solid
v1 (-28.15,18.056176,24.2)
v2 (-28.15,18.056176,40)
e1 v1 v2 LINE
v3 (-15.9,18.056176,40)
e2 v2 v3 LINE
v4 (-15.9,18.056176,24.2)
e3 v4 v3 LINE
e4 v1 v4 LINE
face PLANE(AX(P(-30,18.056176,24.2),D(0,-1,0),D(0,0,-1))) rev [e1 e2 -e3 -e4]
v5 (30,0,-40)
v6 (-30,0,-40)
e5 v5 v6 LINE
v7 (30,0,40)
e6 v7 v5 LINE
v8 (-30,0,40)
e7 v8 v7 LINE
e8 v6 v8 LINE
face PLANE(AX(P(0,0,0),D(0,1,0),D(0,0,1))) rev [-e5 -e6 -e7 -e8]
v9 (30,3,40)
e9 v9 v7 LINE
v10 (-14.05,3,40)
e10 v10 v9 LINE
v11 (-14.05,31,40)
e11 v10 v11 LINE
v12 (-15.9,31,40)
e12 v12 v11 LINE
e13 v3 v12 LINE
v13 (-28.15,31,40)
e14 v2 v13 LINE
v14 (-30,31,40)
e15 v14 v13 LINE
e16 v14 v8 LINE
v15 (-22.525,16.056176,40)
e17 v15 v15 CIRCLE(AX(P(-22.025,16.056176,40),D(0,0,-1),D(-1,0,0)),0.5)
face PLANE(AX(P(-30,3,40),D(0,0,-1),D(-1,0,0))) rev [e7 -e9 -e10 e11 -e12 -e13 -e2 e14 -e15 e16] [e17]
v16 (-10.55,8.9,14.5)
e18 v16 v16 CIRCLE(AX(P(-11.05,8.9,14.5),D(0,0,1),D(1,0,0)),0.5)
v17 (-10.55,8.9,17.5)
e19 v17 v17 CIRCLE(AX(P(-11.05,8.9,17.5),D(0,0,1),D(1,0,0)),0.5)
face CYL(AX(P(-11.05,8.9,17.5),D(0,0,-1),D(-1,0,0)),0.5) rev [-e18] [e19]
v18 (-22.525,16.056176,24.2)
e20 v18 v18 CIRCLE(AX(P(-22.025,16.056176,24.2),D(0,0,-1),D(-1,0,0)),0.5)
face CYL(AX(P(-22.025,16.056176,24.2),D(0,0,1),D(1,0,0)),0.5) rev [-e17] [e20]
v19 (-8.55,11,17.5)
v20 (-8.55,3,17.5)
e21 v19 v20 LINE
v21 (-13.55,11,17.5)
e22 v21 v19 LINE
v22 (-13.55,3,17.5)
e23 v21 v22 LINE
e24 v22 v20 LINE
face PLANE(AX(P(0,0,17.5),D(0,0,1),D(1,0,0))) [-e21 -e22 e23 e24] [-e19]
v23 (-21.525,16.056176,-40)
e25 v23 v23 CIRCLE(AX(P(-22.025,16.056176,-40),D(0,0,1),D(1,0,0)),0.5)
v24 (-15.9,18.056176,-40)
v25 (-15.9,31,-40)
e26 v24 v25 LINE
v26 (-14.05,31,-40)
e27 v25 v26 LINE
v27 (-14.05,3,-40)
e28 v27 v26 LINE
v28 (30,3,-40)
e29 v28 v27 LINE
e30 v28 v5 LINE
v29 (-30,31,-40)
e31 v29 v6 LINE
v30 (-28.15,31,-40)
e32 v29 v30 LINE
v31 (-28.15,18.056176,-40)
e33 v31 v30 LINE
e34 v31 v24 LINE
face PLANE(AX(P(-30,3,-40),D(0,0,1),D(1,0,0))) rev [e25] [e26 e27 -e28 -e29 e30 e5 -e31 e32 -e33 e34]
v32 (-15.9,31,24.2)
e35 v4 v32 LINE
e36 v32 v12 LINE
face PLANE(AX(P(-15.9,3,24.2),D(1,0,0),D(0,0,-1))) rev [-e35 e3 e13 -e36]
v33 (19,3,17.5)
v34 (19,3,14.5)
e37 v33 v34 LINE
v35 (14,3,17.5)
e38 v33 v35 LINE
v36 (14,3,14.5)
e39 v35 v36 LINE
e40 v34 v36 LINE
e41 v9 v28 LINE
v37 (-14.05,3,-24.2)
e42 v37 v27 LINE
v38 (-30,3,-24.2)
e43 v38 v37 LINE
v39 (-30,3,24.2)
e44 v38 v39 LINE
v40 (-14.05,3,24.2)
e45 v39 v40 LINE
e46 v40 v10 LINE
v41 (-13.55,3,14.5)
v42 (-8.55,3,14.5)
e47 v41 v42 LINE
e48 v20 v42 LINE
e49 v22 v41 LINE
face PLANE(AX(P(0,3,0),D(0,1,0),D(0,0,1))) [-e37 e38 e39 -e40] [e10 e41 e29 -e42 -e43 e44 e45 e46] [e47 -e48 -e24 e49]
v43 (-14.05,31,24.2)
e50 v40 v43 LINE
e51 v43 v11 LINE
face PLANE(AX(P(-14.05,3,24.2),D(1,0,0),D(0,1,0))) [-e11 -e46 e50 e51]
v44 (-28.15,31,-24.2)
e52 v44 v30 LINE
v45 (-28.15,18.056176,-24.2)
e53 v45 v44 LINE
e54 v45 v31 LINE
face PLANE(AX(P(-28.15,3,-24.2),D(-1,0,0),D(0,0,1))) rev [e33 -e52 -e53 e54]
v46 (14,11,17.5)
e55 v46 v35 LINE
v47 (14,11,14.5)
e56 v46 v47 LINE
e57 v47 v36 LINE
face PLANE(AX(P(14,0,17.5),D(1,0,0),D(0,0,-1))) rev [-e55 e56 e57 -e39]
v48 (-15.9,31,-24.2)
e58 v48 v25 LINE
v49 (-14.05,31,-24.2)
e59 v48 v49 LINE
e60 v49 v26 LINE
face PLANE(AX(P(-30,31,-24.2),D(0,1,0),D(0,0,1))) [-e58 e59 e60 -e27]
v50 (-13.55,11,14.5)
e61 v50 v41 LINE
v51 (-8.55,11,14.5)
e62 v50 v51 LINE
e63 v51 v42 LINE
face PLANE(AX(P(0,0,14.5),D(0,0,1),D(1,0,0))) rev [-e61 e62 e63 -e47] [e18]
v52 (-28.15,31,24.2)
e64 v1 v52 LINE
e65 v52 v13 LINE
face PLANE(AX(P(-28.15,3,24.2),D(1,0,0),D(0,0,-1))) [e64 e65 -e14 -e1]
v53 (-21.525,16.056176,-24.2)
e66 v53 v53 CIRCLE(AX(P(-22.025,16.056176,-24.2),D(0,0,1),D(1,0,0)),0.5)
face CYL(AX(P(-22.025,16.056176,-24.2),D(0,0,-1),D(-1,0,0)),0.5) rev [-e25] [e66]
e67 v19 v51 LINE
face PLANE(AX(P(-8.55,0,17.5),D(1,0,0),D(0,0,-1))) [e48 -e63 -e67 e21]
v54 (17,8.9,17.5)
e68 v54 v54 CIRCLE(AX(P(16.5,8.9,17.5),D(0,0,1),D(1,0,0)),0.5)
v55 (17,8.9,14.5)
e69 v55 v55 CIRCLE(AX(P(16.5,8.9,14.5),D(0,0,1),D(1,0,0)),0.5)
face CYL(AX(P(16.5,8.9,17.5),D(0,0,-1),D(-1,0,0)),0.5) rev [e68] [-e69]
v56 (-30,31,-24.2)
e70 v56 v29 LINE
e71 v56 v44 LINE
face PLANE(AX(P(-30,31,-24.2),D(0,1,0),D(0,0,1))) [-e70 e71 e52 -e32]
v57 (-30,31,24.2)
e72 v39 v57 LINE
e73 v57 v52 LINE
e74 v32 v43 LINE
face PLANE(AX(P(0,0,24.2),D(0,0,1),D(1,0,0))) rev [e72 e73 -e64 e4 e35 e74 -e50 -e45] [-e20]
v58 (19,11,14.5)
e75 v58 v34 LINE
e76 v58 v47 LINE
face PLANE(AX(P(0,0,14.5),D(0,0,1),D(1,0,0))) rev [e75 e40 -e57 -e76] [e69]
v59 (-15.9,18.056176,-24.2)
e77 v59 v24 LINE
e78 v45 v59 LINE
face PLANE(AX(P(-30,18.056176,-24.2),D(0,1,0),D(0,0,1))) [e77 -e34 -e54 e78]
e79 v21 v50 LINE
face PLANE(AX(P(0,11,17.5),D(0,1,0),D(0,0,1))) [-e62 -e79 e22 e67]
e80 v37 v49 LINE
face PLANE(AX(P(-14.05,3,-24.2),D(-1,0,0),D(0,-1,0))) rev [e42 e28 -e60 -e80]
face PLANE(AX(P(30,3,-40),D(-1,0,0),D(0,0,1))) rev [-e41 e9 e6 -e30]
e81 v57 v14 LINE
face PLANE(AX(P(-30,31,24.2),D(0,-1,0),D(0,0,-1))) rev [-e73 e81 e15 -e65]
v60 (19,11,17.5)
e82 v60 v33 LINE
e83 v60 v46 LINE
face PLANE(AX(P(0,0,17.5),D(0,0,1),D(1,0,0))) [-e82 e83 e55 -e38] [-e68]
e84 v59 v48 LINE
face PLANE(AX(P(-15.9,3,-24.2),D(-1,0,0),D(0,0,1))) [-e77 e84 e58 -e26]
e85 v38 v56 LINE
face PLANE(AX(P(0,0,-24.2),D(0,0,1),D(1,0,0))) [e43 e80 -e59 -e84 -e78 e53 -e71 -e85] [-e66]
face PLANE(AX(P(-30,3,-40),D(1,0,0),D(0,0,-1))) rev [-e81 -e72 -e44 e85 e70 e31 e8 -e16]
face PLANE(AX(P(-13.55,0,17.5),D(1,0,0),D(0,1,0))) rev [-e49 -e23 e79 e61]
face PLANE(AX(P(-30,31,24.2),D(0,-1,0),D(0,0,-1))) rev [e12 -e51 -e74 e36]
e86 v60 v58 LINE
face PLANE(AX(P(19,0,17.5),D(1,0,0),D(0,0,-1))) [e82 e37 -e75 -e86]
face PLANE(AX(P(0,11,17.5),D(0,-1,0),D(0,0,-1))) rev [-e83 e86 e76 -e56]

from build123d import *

# Parameters (mm, degrees)
SKETCH1_W           = 60
SKETCH1_H           = 80
BOSS_EXTRUDE1_DEPTH = 3
BOSS_EXTRUDE2_START = 40
SKETCH3_W           = 12.25
SKETCH3_H           = 15.056176196
SKETCH3_R           = 0.5
SKETCH3_W_2         = 1.85
SKETCH3_H_2         = 28
BOSS_EXTRUDE2_DEPTH = 15.8
BOSS_EXTRUDE3_START = -40
SKETCH3_3_W         = 12.25
SKETCH3_3_H         = 15.056176196
SKETCH3_3_R         = 0.5
SKETCH3_3_W_2       = 1.85
SKETCH3_3_H_2       = 28
BOSS_EXTRUDE3_DEPTH = 15.8
BOSS_EXTRUDE4_START = 14.5
SKETCH4_W           = 5
SKETCH4_H           = 8
SKETCH4_R           = 0.5
BOSS_EXTRUDE4_DEPTH = 3


with BuildPart() as part:
    # Sketch1 → Boss-Extrude1 (new body)
    with BuildSketch(Plane(origin=(0, 0, 0), x_dir=(1, 0, 0), z_dir=(0, 1, 0))):
        Rectangle(SKETCH1_W, SKETCH1_H)
    extrude(amount=BOSS_EXTRUDE1_DEPTH)

    # Sketch3 → Boss-Extrude2 (add)
    with BuildSketch(Plane.XY.offset(BOSS_EXTRUDE2_START)):
        Polygon((-15.9, 18.056176196), (-15.9, 3), (-14.05, 3), (-14.05, 31), (-15.9, 31), align=None)
        with Locations((-22.025, 10.528088098)):
            Rectangle(SKETCH3_W, SKETCH3_H)
        with Locations((-22.025, 16.056176196)):
            Circle(SKETCH3_R, mode=Mode.SUBTRACT)
        with Locations((-29.075, 17)):
            Rectangle(SKETCH3_W_2, SKETCH3_H_2)
    extrude(amount=-BOSS_EXTRUDE2_DEPTH)

    # Sketch3<3> → Boss-Extrude3 (add)
    with BuildSketch(Plane.XY.offset(BOSS_EXTRUDE3_START)):
        Polygon((-15.9, 18.056176196), (-15.9, 3), (-14.05, 3), (-14.05, 31), (-15.9, 31), align=None)
        with Locations((-22.025, 10.528088098)):
            Rectangle(SKETCH3_3_W, SKETCH3_3_H)
        with Locations((-22.025, 16.056176196)):
            Circle(SKETCH3_3_R, mode=Mode.SUBTRACT)
        with Locations((-29.075, 17)):
            Rectangle(SKETCH3_3_W_2, SKETCH3_3_H_2)
    extrude(amount=BOSS_EXTRUDE3_DEPTH)

    # Sketch4 → Boss-Extrude4 (add)
    with BuildSketch(Plane.XY.offset(BOSS_EXTRUDE4_START)):
        with Locations((16.5, 7)):
            Rectangle(SKETCH4_W, SKETCH4_H)
        with Locations((16.5, 8.9)):
            Circle(SKETCH4_R, mode=Mode.SUBTRACT)
        with Locations((-11.05, 7)):
            Rectangle(SKETCH4_W, SKETCH4_H)
        with Locations((-11.05, 8.9)):
            Circle(SKETCH4_R, mode=Mode.SUBTRACT)
    extrude(amount=BOSS_EXTRUDE4_DEPTH)


solid = part.part
